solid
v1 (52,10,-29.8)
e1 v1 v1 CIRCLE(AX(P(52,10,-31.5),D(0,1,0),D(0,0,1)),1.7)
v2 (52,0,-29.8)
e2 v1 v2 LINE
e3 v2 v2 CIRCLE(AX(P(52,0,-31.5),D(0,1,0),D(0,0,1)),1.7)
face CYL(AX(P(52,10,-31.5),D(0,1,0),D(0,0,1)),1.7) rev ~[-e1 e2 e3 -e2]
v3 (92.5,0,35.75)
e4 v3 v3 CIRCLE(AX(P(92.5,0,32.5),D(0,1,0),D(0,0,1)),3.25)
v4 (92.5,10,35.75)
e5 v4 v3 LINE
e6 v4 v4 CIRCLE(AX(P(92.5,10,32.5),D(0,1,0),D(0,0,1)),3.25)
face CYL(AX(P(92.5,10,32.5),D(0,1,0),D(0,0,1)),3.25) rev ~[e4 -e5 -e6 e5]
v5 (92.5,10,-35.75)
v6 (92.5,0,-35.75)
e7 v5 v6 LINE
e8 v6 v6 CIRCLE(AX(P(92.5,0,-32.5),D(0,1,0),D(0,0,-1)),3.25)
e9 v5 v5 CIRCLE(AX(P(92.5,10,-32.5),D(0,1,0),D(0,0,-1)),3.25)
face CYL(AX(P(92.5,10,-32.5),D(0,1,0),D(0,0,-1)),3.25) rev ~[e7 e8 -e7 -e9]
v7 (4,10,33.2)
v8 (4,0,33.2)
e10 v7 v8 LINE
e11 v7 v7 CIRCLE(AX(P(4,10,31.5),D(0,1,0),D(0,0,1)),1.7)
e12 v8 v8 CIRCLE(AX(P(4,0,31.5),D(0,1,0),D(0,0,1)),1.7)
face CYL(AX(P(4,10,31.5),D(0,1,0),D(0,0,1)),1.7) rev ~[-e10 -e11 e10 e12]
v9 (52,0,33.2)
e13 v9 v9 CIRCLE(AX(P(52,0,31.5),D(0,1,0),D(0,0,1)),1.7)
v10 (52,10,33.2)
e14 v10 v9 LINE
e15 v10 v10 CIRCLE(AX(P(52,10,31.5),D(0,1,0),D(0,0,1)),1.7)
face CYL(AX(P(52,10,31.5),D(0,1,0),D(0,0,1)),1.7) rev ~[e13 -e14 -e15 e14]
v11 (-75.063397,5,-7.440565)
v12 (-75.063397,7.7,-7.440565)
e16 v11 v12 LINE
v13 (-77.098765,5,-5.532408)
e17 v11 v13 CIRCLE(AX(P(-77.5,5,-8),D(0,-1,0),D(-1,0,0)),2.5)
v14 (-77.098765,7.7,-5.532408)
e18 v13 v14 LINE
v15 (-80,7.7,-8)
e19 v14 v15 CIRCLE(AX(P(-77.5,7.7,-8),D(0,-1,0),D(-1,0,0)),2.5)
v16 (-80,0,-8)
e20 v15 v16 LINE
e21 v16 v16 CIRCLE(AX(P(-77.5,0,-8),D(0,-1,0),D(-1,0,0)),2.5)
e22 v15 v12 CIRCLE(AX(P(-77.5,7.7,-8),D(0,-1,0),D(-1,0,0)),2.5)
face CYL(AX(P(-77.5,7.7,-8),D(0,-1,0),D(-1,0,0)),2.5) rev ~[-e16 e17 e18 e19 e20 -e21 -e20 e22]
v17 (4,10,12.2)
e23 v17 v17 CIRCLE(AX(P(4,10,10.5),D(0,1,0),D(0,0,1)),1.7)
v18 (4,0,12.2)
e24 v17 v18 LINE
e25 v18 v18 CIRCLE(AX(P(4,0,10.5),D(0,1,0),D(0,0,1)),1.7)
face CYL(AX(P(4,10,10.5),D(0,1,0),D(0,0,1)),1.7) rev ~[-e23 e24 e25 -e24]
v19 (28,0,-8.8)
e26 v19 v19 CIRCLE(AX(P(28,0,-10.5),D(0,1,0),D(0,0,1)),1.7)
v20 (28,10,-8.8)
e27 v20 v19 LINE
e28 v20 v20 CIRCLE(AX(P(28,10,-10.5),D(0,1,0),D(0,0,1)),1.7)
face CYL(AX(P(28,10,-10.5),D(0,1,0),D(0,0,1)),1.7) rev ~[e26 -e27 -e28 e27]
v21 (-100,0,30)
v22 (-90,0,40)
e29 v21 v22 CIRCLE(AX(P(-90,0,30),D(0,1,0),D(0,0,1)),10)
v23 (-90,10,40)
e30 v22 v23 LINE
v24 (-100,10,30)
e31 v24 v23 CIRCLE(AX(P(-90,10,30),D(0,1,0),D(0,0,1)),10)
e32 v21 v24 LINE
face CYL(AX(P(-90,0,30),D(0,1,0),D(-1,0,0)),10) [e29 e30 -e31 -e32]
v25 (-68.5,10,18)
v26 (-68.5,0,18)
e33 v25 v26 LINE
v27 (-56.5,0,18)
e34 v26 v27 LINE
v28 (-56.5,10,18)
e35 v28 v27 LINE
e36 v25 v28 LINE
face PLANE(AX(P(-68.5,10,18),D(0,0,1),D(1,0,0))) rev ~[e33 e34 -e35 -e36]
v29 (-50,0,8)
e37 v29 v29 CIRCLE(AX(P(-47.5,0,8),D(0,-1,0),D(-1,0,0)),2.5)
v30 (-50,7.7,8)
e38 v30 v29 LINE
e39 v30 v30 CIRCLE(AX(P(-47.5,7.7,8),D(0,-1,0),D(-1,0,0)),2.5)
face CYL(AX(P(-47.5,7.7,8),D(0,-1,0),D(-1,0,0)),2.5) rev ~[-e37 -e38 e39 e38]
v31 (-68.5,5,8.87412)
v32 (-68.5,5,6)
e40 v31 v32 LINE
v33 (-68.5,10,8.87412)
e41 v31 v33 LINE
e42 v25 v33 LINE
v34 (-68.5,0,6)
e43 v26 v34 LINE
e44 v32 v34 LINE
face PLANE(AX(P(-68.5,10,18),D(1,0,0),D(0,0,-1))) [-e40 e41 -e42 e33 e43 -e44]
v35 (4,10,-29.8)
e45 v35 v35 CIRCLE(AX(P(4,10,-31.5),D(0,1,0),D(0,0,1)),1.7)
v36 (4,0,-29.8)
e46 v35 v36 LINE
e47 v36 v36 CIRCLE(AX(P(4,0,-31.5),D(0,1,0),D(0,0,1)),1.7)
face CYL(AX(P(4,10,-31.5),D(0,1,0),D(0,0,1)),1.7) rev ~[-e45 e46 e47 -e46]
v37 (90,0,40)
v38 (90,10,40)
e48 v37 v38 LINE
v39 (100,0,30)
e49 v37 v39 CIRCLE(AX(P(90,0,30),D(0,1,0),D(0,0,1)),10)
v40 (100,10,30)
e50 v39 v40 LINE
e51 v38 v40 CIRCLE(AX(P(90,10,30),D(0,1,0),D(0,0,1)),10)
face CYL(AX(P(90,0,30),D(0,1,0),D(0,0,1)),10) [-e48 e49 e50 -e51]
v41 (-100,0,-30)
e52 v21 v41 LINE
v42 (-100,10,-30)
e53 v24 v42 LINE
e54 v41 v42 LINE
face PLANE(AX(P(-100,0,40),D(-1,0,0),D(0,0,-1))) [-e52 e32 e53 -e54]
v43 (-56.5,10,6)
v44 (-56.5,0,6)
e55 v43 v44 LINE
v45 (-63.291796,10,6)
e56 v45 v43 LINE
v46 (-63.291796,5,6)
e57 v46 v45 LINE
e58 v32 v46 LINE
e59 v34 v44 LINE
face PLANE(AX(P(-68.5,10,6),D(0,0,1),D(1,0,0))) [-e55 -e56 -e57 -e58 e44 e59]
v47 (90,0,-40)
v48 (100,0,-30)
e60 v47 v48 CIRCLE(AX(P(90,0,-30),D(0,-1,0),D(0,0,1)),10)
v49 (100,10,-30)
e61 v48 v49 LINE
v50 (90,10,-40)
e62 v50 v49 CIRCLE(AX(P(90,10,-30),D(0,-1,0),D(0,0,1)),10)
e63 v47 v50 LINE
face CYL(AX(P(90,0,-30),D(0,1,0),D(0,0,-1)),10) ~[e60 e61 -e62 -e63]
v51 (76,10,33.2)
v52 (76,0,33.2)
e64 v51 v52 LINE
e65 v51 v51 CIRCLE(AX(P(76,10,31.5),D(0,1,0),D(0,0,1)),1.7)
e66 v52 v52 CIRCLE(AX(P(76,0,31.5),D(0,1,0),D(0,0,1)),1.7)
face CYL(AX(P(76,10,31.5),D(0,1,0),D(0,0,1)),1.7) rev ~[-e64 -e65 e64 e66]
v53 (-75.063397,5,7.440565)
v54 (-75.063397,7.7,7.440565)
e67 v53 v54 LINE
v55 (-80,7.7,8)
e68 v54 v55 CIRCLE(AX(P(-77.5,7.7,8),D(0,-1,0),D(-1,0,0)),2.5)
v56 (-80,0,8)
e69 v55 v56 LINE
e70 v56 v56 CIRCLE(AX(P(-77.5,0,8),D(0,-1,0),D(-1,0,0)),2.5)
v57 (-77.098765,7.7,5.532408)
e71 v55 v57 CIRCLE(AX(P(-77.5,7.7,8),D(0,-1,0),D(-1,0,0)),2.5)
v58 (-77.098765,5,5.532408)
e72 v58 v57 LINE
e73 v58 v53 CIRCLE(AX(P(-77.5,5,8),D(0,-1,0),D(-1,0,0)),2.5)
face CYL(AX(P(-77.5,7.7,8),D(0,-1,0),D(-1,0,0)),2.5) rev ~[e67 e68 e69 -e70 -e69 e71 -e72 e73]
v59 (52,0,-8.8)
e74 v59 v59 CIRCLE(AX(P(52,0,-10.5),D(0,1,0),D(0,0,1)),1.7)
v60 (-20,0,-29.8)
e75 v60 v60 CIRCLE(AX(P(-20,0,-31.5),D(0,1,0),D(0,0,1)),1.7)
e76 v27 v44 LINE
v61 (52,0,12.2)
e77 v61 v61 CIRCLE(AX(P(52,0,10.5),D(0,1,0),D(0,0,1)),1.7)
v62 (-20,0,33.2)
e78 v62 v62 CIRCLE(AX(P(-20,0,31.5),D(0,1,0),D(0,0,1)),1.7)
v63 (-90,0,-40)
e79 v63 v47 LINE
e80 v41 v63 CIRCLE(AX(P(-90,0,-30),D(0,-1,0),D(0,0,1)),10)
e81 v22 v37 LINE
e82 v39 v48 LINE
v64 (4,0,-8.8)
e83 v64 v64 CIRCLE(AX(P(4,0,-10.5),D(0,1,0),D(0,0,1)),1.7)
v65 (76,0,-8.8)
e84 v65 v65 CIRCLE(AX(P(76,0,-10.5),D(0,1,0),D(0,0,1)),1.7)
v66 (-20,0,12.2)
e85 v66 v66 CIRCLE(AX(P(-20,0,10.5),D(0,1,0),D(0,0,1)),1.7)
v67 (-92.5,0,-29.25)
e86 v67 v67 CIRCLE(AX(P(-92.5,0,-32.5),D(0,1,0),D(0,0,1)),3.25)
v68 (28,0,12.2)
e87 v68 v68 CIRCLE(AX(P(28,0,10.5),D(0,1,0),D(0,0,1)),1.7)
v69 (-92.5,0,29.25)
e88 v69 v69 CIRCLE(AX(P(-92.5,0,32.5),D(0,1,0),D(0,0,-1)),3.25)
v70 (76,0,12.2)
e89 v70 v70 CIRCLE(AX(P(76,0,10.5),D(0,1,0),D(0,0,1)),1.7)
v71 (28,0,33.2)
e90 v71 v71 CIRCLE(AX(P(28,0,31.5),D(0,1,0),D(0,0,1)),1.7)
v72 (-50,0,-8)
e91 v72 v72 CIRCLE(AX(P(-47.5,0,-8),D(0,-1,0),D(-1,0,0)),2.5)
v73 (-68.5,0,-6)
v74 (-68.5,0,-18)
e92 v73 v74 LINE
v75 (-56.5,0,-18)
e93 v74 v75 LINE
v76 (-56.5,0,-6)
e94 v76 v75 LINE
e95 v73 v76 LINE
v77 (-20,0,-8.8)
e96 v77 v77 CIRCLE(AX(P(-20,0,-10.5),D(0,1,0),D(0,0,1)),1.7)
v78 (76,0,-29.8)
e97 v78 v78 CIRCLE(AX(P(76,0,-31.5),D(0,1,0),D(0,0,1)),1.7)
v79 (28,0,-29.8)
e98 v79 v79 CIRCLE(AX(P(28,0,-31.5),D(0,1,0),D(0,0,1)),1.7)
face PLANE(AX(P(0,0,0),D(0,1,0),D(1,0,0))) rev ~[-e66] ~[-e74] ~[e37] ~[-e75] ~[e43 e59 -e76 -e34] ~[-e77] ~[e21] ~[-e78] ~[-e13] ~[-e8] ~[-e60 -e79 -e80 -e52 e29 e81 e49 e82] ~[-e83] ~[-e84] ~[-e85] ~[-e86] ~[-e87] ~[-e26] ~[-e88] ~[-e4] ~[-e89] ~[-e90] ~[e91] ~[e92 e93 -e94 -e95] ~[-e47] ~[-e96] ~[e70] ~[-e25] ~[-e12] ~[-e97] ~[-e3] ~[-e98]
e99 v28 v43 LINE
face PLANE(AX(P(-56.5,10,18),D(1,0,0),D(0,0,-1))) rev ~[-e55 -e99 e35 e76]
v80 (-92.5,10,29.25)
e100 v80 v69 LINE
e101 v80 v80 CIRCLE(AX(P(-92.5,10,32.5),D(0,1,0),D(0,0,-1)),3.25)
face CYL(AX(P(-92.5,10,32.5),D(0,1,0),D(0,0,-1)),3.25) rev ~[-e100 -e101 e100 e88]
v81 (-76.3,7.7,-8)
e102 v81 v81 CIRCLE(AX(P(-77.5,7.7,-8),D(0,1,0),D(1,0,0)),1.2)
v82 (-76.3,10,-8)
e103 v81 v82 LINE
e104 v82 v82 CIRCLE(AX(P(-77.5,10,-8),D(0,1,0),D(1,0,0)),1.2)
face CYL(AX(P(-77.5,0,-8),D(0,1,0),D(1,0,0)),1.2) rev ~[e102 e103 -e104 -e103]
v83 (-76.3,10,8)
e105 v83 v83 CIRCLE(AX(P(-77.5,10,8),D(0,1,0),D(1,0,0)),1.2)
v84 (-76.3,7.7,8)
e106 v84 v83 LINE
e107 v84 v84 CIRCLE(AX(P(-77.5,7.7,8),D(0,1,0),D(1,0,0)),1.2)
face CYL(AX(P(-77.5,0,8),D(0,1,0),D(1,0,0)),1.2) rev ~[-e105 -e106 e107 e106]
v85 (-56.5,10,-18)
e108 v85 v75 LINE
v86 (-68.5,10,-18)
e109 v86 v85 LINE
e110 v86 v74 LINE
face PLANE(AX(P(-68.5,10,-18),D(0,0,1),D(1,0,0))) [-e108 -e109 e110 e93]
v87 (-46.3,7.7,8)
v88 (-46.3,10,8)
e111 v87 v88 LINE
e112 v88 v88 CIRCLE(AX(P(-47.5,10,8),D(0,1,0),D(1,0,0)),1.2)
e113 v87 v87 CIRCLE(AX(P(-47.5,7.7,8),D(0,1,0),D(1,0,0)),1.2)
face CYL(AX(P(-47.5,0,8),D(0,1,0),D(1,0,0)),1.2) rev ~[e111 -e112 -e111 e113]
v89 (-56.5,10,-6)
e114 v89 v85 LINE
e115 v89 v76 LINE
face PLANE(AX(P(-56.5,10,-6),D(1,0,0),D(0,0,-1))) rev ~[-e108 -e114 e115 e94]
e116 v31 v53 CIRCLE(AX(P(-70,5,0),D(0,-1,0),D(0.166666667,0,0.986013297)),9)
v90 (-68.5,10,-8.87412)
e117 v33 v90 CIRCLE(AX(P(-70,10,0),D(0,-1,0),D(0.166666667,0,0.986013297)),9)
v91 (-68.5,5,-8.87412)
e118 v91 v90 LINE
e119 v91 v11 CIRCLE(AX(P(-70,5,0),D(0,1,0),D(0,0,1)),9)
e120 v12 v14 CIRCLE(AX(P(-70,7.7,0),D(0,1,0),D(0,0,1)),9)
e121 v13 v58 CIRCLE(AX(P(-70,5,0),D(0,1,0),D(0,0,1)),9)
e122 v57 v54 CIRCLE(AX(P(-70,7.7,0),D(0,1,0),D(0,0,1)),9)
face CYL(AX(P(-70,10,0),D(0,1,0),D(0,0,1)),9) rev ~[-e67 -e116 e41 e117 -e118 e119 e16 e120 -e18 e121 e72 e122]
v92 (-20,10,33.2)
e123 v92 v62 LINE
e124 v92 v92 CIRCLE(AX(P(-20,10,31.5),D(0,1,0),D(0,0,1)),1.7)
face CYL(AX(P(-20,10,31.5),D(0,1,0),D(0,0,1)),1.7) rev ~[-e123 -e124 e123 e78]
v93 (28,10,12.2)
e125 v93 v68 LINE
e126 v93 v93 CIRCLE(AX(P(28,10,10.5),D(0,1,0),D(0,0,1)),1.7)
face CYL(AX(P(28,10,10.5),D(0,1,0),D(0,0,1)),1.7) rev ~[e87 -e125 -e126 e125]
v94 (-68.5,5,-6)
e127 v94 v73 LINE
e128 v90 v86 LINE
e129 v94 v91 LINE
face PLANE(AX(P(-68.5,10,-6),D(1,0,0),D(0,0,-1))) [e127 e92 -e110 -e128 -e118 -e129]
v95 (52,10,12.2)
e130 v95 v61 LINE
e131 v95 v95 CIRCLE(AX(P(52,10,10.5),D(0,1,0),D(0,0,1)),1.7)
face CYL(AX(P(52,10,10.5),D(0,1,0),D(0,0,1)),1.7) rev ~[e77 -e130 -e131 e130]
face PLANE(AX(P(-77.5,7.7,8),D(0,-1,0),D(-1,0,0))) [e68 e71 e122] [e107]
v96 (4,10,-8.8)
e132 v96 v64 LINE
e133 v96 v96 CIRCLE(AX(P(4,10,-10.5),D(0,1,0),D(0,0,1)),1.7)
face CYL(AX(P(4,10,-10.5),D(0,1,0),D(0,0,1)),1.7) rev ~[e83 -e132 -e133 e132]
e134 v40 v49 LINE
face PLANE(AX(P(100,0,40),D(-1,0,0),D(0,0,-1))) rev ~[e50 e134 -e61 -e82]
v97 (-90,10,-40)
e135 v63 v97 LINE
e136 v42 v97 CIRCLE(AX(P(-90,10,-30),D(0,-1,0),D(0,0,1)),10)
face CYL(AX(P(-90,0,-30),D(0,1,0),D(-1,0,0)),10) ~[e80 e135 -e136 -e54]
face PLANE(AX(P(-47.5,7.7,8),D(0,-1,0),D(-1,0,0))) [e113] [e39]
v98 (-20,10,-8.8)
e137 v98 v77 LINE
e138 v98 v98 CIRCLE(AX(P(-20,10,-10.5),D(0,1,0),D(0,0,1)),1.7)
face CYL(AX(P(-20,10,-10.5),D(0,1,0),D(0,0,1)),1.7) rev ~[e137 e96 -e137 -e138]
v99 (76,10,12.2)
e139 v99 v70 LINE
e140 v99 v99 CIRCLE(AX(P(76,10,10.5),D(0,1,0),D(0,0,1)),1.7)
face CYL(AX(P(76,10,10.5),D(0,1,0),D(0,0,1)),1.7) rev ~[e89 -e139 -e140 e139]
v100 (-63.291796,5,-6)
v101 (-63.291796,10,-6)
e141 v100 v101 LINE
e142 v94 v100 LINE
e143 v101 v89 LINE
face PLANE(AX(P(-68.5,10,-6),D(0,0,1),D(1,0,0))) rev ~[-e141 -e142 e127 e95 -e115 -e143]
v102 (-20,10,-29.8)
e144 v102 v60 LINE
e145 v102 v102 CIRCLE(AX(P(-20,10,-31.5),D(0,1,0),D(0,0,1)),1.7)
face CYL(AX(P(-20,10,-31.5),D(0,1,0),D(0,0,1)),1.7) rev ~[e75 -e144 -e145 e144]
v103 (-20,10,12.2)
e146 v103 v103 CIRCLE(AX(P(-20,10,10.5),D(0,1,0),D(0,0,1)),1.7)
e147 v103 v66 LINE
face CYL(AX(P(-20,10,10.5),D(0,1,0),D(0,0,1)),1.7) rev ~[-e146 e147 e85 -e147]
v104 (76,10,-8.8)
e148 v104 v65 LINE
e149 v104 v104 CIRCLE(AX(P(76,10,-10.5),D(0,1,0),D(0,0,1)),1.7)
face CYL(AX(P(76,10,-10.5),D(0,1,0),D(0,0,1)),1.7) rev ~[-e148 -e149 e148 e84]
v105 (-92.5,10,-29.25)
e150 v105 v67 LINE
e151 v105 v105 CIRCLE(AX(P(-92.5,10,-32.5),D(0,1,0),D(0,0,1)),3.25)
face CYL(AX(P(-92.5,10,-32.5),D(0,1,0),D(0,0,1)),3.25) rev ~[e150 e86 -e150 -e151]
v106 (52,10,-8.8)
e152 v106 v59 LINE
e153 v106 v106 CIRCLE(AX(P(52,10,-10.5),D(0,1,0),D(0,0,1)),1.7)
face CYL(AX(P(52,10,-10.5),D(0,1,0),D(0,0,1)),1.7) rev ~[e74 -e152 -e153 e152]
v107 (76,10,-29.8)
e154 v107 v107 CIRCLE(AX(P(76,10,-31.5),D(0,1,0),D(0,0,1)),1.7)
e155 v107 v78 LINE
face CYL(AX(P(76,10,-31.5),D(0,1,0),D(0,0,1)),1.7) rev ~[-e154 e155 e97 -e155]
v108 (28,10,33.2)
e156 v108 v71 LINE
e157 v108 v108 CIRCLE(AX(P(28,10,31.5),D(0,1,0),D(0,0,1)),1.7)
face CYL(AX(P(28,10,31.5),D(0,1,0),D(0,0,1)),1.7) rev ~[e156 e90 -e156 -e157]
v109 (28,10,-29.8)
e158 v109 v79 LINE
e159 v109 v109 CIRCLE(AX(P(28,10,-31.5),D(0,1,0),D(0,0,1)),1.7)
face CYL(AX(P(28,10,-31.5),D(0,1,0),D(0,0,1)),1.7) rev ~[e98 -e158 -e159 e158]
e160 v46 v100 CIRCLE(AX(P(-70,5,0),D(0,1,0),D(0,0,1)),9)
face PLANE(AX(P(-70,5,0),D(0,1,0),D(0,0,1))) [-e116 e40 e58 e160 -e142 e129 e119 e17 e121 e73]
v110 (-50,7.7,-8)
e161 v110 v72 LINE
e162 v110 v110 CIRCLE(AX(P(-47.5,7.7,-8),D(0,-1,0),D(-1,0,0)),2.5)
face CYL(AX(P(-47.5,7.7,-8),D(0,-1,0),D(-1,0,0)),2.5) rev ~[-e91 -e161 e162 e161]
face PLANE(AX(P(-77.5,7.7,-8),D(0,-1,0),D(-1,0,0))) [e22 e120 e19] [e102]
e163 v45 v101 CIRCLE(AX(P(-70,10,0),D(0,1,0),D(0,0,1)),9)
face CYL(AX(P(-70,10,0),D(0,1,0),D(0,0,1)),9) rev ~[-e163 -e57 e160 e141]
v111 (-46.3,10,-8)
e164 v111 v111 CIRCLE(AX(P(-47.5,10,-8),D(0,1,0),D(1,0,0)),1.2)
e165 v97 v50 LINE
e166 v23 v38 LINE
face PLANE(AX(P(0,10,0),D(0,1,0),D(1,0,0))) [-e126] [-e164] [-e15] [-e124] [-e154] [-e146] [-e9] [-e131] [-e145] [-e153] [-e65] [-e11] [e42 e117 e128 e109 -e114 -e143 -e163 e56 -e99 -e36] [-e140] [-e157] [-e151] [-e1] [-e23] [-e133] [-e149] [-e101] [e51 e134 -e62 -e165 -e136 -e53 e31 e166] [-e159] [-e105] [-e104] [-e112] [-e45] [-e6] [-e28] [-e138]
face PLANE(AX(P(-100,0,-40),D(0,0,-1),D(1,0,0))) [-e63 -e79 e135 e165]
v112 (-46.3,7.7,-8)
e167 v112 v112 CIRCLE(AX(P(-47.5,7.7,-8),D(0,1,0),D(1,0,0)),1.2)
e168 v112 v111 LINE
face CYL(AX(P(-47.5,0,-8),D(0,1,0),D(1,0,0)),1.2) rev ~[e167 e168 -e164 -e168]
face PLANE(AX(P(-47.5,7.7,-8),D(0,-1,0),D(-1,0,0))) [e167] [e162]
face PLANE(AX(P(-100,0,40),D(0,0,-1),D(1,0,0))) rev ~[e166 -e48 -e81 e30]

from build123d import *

# Parameters (mm, degrees)
SKETCH_1_W                   = 200
SKETCH_1_H                   = 80
EXTRUDE_1_DEPTH              = 10
SKETCH_3_R                   = 9
CUT_EXTRUDE_1_DEPTH          = 5
HOLE_WIZARD_M2_1_D           = 2.4
HOLE_WIZARD_M2_1_CBORE_D     = 5
HOLE_WIZARD_M2_1_CBORE_DEPTH = 7.7
SKETCH_13_R                  = 1.7
CUT_EXTRUDE_3_DEPTH          = 109.166538264
SKETCH_14_R                  = 3.25
CUT_EXTRUDE_4_DEPTH          = 109.166538264
FILLET1_R                    = 10
SKETCH3_W                    = 12
SKETCH3_H                    = 12
CUT_EXTRUDE2_DEPTH           = 109.166538264


with BuildPart() as part:
    # 草图1 → 凸台-拉伸1 (new body)
    with BuildSketch(Plane(origin=(0, 0, 0), x_dir=(1, 0, 0), z_dir=(0, 1, 0))):
        Rectangle(SKETCH_1_W, SKETCH_1_H)
    extrude(amount=EXTRUDE_1_DEPTH)

    # 草图3 → 切除-拉伸1 (cut)
    with BuildSketch(Plane(origin=(0, 10, 0), x_dir=(1, 0, 0), z_dir=(0, 1, 0))):
        with Locations(Location((-70, 0, 0), (0, 0, 270))):
            Circle(SKETCH_3_R)
    extrude(amount=-CUT_EXTRUDE_1_DEPTH, mode=Mode.SUBTRACT)

    # M2 六角凹头螺钉的柱形沉头孔1 (through all)
    with Locations(Plane(origin=(0, 0, 0), x_dir=(-1, 0, 0), z_dir=(0, -1, 0))):
        with Locations((47.5, 8), (77.5, 8), (77.5, -8), (47.5, -8)):
            CounterBoreHole(HOLE_WIZARD_M2_1_D / 2, HOLE_WIZARD_M2_1_CBORE_D / 2, HOLE_WIZARD_M2_1_CBORE_DEPTH)

    # 草图13 → 切除-拉伸3 (cut, through all)
    with BuildSketch(Plane(origin=(0, 10, 0), x_dir=(1, 0, 0), z_dir=(0, 1, 0))):
        with Locations(Location((-20, 31.5, 0), (0, 0, 270))):
            Circle(SKETCH_13_R)
        with Locations(Location((4, 31.5, 0), (0, 0, 270))):
            Circle(SKETCH_13_R)
        with Locations(Location((28, 31.5, 0), (0, 0, 270))):
            Circle(SKETCH_13_R)
        with Locations(Location((52, 31.5, 0), (0, 0, 270))):
            Circle(SKETCH_13_R)
        with Locations(Location((76, 31.5, 0), (0, 0, 270))):
            Circle(SKETCH_13_R)
        with Locations(Location((4, 10.5, 0), (0, 0, 270))):
            Circle(SKETCH_13_R)
        with Locations(Location((28, 10.5, 0), (0, 0, 270))):
            Circle(SKETCH_13_R)
        with Locations(Location((52, 10.5, 0), (0, 0, 270))):
            Circle(SKETCH_13_R)
        with Locations(Location((76, 10.5, 0), (0, 0, 270))):
            Circle(SKETCH_13_R)
        with Locations(Location((4, -10.5, 0), (0, 0, 270))):
            Circle(SKETCH_13_R)
        with Locations(Location((28, -10.5, 0), (0, 0, 270))):
            Circle(SKETCH_13_R)
        with Locations(Location((52, -10.5, 0), (0, 0, 270))):
            Circle(SKETCH_13_R)
        with Locations(Location((76, -10.5, 0), (0, 0, 270))):
            Circle(SKETCH_13_R)
        with Locations(Location((4, -31.5, 0), (0, 0, 270))):
            Circle(SKETCH_13_R)
        with Locations(Location((28, -31.5, 0), (0, 0, 270))):
            Circle(SKETCH_13_R)
        with Locations(Location((52, -31.5, 0), (0, 0, 270))):
            Circle(SKETCH_13_R)
        with Locations(Location((76, -31.5, 0), (0, 0, 270))):
            Circle(SKETCH_13_R)
        with Locations(Location((-20, 10.5, 0), (0, 0, 270))):
            Circle(SKETCH_13_R)
        with Locations(Location((-20, -10.5, 0), (0, 0, 270))):
            Circle(SKETCH_13_R)
        with Locations(Location((-20, -31.5, 0), (0, 0, 270))):
            Circle(SKETCH_13_R)
    extrude(amount=-CUT_EXTRUDE_3_DEPTH, mode=Mode.SUBTRACT)

    # 草图14 → 切除-拉伸4 (cut, through all)
    with BuildSketch(Plane(origin=(0, 10, 0), x_dir=(1, 0, 0), z_dir=(0, 1, 0))):
        with Locations(Location((-92.5, 32.5, 0), (0, 0, 270))):
            Circle(SKETCH_14_R)
        with Locations(Location((92.5, 32.5, 0), (0, 0, 90))):
            Circle(SKETCH_14_R)
        with Locations(Location((92.5, -32.5, 0), (0, 0, 270))):
            Circle(SKETCH_14_R)
        with Locations(Location((-92.5, -32.5, 0), (0, 0, 90))):
            Circle(SKETCH_14_R)
    extrude(amount=-CUT_EXTRUDE_4_DEPTH, mode=Mode.SUBTRACT)

    # Fillet1
    fillet1_edges = [part.edges().sort_by_distance(p)[0] for p in [
        (100, 5, 40),
        (-100, 5, 40),
        (-100, 5, -40),
        (100, 5, -40),
    ]]
    fillet(fillet1_edges, radius=FILLET1_R)

    # Sketch3 → Cut-Extrude2 (cut, through all)
    with BuildSketch(Plane(origin=(0, 10, 0), x_dir=(1, 0, 0), z_dir=(0, 1, 0))):
        with Locations((-62.5, -12)):
            Rectangle(SKETCH3_W, SKETCH3_H)
        with Locations((-62.5, 12)):
            Rectangle(SKETCH3_W, SKETCH3_H)
    extrude(amount=-CUT_EXTRUDE2_DEPTH, mode=Mode.SUBTRACT)


solid = part.part
